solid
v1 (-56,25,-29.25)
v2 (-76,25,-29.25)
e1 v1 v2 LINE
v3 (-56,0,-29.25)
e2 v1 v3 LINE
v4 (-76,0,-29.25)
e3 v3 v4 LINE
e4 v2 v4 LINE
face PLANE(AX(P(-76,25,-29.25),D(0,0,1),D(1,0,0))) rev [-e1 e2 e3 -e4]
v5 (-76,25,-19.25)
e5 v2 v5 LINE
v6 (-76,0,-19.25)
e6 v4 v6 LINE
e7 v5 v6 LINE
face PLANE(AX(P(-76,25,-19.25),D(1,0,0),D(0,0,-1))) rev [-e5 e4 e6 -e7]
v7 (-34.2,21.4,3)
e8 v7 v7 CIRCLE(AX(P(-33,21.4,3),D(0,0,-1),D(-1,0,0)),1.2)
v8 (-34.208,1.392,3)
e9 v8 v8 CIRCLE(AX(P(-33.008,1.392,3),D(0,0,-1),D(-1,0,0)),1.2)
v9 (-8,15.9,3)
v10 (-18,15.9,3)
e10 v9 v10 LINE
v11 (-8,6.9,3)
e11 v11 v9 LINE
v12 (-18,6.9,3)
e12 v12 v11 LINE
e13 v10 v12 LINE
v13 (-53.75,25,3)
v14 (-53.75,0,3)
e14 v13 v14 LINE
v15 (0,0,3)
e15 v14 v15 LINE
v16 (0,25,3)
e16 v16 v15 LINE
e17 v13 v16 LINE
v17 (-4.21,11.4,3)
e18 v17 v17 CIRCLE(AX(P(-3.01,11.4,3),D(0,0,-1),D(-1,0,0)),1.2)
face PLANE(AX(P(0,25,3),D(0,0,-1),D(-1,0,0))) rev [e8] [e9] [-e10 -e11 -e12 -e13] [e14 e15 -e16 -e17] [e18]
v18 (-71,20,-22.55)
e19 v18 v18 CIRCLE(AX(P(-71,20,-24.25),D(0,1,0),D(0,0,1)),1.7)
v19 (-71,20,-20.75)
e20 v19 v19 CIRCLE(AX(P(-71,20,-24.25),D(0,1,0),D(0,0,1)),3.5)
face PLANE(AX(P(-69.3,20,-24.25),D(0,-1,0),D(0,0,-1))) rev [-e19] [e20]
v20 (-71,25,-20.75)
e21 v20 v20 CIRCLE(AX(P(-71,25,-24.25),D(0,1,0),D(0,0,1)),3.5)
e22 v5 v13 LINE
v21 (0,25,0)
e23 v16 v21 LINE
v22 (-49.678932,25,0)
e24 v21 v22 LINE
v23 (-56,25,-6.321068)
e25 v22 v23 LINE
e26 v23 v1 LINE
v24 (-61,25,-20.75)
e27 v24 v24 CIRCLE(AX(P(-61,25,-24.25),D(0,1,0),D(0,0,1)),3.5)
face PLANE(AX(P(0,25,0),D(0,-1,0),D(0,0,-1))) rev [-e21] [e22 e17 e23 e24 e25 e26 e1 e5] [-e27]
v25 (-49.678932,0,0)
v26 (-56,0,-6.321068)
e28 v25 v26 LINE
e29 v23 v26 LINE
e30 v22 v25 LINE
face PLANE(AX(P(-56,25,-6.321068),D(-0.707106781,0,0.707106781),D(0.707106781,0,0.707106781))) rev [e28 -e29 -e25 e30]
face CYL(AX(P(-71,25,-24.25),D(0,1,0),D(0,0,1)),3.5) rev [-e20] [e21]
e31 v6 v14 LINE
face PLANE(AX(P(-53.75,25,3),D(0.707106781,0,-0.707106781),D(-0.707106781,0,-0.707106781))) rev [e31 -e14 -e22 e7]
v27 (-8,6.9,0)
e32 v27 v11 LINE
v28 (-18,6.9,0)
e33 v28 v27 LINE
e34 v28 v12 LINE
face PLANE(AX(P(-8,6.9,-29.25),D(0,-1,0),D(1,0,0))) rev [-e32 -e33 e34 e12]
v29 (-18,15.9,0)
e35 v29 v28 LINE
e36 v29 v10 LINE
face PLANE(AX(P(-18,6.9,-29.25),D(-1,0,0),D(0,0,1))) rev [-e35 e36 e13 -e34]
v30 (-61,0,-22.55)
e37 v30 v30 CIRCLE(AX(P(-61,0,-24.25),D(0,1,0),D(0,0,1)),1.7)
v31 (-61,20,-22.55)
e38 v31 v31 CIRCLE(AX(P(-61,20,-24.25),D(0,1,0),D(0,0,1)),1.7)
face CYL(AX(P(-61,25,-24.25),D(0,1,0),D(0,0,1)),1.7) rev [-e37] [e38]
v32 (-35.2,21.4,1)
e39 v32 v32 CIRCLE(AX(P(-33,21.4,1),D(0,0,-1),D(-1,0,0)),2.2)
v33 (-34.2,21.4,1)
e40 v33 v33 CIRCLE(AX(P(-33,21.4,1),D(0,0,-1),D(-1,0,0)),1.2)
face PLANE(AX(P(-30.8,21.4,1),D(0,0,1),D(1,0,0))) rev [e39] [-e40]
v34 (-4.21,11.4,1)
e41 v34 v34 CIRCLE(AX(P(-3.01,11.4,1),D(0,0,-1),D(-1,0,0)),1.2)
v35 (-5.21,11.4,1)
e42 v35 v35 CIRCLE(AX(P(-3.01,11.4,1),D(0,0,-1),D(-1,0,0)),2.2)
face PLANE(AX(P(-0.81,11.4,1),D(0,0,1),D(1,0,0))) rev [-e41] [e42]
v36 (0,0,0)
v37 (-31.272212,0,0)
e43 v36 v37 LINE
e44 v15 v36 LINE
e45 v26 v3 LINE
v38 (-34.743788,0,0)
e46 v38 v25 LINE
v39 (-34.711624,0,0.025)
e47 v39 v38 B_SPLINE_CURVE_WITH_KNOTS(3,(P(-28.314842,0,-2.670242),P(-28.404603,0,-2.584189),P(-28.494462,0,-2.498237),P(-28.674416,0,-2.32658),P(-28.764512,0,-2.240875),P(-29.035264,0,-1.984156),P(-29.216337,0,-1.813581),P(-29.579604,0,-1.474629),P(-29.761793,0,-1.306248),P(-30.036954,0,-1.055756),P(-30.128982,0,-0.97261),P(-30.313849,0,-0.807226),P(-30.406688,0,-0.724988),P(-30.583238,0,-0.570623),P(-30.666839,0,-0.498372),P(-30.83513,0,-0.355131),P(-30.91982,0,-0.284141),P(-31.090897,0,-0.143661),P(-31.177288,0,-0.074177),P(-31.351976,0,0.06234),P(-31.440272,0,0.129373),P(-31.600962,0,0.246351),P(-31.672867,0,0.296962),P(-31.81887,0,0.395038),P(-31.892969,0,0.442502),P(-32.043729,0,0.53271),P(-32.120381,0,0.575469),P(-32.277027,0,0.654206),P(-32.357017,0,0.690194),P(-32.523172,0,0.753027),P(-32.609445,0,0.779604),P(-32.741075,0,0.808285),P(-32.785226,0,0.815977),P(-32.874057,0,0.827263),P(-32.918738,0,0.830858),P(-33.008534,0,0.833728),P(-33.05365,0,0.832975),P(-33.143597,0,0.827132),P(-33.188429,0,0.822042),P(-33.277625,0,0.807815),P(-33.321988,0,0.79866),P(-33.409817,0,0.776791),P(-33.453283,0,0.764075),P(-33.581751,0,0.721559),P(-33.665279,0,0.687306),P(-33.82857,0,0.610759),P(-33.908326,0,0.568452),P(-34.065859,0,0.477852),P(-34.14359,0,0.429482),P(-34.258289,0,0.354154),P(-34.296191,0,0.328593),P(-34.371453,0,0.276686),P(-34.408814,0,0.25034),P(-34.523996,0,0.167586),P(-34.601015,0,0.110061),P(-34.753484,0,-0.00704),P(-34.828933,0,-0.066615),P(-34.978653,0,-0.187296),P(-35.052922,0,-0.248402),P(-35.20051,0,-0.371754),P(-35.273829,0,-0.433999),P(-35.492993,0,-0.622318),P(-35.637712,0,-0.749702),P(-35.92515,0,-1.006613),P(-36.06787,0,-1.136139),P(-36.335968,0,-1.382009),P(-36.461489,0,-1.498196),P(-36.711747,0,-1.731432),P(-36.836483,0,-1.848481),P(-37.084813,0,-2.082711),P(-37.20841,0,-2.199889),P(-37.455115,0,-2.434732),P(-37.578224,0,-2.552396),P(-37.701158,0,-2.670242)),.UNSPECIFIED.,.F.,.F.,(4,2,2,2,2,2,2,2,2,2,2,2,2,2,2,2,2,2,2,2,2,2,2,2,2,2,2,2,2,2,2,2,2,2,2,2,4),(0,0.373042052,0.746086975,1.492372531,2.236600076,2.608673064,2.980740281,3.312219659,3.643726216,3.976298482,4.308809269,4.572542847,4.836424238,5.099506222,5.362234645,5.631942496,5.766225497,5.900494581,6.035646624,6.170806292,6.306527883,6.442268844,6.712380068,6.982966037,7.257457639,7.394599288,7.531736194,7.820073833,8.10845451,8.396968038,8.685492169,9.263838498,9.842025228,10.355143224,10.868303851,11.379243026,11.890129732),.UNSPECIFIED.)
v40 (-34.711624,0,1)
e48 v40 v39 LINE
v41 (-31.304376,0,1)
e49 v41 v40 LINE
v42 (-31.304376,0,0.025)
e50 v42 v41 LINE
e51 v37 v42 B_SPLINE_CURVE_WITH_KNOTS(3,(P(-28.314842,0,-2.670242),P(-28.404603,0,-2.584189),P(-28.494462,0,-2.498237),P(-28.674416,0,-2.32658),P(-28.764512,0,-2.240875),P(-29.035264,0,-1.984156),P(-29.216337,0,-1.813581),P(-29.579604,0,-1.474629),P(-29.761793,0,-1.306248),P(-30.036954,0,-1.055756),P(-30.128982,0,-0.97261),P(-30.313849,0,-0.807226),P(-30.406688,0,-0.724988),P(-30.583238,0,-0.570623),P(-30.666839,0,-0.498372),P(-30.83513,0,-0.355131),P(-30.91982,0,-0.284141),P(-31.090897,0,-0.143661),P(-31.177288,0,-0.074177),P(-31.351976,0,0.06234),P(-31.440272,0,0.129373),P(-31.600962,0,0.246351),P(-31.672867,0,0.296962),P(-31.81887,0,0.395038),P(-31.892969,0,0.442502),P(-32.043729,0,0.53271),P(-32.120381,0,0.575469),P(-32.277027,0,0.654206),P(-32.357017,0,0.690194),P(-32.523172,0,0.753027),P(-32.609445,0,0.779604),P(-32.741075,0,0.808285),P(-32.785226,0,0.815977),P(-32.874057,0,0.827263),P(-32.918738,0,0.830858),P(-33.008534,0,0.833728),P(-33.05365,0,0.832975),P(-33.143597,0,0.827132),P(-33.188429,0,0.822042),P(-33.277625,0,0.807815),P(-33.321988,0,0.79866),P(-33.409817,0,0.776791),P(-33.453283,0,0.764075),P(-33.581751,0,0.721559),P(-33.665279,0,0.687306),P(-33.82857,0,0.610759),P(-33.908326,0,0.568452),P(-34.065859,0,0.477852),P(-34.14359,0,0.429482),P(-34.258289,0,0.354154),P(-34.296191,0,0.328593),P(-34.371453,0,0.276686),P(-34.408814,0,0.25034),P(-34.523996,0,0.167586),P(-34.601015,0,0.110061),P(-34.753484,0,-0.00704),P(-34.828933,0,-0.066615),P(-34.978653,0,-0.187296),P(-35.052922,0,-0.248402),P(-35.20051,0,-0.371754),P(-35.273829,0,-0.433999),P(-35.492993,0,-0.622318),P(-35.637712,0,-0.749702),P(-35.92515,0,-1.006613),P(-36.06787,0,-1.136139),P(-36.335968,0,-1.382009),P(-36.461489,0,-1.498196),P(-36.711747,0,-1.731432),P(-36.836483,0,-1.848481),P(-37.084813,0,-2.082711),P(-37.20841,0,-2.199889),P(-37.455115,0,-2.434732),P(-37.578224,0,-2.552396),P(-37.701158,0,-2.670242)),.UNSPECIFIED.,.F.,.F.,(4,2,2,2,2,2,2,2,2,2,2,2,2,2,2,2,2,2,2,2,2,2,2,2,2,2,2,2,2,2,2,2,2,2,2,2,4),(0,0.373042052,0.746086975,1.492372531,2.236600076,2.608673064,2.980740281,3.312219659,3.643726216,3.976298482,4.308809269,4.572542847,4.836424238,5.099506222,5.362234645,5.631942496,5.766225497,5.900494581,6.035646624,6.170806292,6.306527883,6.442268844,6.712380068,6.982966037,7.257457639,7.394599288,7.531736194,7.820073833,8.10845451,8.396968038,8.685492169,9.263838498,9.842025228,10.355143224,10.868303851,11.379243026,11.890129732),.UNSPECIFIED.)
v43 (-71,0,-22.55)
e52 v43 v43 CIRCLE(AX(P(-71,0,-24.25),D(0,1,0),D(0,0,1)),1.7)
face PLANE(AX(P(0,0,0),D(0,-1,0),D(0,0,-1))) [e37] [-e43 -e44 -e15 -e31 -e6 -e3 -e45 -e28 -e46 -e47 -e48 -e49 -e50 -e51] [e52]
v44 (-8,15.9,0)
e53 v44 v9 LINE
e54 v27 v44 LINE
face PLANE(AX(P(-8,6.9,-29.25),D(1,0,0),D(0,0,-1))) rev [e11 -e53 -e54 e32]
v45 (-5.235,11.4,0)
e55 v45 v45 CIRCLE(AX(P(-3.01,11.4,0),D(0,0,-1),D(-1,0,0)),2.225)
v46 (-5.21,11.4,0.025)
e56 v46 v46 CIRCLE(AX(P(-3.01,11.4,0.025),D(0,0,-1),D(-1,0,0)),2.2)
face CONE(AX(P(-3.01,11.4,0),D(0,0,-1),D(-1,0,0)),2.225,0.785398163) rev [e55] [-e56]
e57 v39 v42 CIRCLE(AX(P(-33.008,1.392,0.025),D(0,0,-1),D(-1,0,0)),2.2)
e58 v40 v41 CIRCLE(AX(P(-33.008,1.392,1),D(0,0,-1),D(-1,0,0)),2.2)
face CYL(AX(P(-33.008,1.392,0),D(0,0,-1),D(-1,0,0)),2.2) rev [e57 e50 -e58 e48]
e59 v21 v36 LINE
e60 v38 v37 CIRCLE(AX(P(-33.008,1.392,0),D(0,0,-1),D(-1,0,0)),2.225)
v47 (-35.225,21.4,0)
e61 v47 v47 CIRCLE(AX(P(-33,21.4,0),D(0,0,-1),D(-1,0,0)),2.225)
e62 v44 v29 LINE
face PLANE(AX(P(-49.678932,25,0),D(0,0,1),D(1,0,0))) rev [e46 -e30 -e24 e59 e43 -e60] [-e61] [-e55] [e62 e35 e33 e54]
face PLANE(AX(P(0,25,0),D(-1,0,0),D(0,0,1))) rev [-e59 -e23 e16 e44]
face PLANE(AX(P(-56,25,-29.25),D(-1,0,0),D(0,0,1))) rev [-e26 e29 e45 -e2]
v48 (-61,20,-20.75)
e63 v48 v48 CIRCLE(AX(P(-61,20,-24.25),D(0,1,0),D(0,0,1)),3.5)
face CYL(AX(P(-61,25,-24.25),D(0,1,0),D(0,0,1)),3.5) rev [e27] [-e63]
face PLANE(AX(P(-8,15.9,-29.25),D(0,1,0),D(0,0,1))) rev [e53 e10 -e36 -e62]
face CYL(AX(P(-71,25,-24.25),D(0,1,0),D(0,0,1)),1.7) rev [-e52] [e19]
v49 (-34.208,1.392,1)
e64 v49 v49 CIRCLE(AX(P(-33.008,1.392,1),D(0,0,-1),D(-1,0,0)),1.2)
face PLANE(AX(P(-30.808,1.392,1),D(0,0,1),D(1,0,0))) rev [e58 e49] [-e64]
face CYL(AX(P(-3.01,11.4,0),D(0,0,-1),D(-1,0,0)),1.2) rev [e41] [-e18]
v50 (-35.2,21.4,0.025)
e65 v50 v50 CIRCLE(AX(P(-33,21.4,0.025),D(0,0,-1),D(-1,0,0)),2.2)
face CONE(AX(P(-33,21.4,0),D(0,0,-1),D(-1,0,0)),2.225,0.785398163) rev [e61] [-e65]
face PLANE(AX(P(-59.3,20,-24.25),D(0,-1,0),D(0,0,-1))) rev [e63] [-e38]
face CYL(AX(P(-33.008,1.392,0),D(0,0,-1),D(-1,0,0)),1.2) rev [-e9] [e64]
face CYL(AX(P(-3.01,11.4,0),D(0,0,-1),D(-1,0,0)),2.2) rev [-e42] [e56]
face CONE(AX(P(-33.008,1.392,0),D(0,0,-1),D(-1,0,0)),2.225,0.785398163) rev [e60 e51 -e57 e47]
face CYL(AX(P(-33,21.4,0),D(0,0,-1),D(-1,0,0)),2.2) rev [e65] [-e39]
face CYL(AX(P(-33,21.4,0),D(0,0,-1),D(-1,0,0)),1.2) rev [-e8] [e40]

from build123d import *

# Parameters (mm, degrees)
BOSS_EXTRUDE1_DEPTH                          = 25
SKETCH2_W                                    = 10
SKETCH2_H                                    = 9
CUT_EXTRUDE1_DEPTH                           = 87.261593424
CBORE_FOR_M3_PAN_HEAD_SCREW1_D               = 3.4
CBORE_FOR_M3_PAN_HEAD_SCREW1_CBORE_D         = 7
CBORE_FOR_M3_PAN_HEAD_SCREW1_CBORE_DEPTH     = 5
CBORE_FOR_M2_HEX_SOCKET_HEAD_CAP_SCR_2_COUNT = 2
CBORE_FOR_M2_HEX_SOCKET_HEAD_CAP_SCR_2_PITCH = 20.008001599
CBORE_FOR_M2_HEX_SOCKET_HEAD_CAP_SCR_3_COUNT = 2
CBORE_FOR_M2_HEX_SOCKET_HEAD_CAP_SCR_3_PITCH = 31.613289927


with BuildPart() as part:
    # Sketch1 → Boss-Extrude1 (new body)
    with BuildSketch(Plane(origin=(0, 0, 0), x_dir=(1, 0, 0), z_dir=(0, 1, 0))):
        Polygon((0, 0), (0, -3), (-53.75, -3), (-76, 19.25), (-76, 29.25), (-56, 29.25), (-56, 6.321067812), (-49.678932188, 0), align=None)
    extrude(amount=BOSS_EXTRUDE1_DEPTH)

    # Sketch2 → Cut-Extrude1 (cut, through all)
    with BuildSketch(Plane.XY.offset(3)):
        with Locations((-13, 11.4)):
            Rectangle(SKETCH2_W, SKETCH2_H)
    extrude(amount=-CUT_EXTRUDE1_DEPTH, mode=Mode.SUBTRACT)

    # CBORE for M3 Pan Head Screw1 (through all)
    with Locations(Plane(origin=(0, 25, 0), x_dir=(1, 0, 0), z_dir=(0, 1, 0))):
        with Locations((-71, 24.25), (-61, 24.25)):
            CounterBoreHole(CBORE_FOR_M3_PAN_HEAD_SCREW1_D / 2, CBORE_FOR_M3_PAN_HEAD_SCREW1_CBORE_D / 2, CBORE_FOR_M3_PAN_HEAD_SCREW1_CBORE_DEPTH)

    # Sketch6 → CBORE for M2 Hex Socket Head Cap Screw1 (revolve, cut)
    with BuildSketch(Plane(origin=(-33, 21.4, 0), x_dir=(0, 1, 0), z_dir=(1, 0, 0))):
        Polygon((0, 0), (0, 3), (1.2, 3), (1.2, 1), (2.2, 1), (2.2, 0.025), (2.225, 0), align=None)
    cbore_for_m2_hex_socket_head_cap_screw1 = revolve(axis=Axis((-33, 21.4, -6.35), (0, 0, 1)), mode=Mode.SUBTRACT)

    # CBORE for M2 Hex Socket Head Cap Scr 2: CBORE for M2 Hex Socket Head Cap Screw1 ×2
    with Locations(*[Vector(-0.0003998400320129169, -0.9999999200639712, 0) * (i * CBORE_FOR_M2_HEX_SOCKET_HEAD_CAP_SCR_2_PITCH) for i in range(1, CBORE_FOR_M2_HEX_SOCKET_HEAD_CAP_SCR_2_COUNT)]):
        add(cbore_for_m2_hex_socket_head_cap_screw1, mode=Mode.SUBTRACT)

    # CBORE for M2 Hex Socket Head Cap Scr 3: CBORE for M2 Hex Socket Head Cap Screw1 ×2
    with Locations(*[Vector(0.9486516610381267, -0.31632266123312, 0) * (i * CBORE_FOR_M2_HEX_SOCKET_HEAD_CAP_SCR_3_PITCH) for i in range(1, CBORE_FOR_M2_HEX_SOCKET_HEAD_CAP_SCR_3_COUNT)]):
        add(cbore_for_m2_hex_socket_head_cap_screw1, mode=Mode.SUBTRACT)


solid = part.part
